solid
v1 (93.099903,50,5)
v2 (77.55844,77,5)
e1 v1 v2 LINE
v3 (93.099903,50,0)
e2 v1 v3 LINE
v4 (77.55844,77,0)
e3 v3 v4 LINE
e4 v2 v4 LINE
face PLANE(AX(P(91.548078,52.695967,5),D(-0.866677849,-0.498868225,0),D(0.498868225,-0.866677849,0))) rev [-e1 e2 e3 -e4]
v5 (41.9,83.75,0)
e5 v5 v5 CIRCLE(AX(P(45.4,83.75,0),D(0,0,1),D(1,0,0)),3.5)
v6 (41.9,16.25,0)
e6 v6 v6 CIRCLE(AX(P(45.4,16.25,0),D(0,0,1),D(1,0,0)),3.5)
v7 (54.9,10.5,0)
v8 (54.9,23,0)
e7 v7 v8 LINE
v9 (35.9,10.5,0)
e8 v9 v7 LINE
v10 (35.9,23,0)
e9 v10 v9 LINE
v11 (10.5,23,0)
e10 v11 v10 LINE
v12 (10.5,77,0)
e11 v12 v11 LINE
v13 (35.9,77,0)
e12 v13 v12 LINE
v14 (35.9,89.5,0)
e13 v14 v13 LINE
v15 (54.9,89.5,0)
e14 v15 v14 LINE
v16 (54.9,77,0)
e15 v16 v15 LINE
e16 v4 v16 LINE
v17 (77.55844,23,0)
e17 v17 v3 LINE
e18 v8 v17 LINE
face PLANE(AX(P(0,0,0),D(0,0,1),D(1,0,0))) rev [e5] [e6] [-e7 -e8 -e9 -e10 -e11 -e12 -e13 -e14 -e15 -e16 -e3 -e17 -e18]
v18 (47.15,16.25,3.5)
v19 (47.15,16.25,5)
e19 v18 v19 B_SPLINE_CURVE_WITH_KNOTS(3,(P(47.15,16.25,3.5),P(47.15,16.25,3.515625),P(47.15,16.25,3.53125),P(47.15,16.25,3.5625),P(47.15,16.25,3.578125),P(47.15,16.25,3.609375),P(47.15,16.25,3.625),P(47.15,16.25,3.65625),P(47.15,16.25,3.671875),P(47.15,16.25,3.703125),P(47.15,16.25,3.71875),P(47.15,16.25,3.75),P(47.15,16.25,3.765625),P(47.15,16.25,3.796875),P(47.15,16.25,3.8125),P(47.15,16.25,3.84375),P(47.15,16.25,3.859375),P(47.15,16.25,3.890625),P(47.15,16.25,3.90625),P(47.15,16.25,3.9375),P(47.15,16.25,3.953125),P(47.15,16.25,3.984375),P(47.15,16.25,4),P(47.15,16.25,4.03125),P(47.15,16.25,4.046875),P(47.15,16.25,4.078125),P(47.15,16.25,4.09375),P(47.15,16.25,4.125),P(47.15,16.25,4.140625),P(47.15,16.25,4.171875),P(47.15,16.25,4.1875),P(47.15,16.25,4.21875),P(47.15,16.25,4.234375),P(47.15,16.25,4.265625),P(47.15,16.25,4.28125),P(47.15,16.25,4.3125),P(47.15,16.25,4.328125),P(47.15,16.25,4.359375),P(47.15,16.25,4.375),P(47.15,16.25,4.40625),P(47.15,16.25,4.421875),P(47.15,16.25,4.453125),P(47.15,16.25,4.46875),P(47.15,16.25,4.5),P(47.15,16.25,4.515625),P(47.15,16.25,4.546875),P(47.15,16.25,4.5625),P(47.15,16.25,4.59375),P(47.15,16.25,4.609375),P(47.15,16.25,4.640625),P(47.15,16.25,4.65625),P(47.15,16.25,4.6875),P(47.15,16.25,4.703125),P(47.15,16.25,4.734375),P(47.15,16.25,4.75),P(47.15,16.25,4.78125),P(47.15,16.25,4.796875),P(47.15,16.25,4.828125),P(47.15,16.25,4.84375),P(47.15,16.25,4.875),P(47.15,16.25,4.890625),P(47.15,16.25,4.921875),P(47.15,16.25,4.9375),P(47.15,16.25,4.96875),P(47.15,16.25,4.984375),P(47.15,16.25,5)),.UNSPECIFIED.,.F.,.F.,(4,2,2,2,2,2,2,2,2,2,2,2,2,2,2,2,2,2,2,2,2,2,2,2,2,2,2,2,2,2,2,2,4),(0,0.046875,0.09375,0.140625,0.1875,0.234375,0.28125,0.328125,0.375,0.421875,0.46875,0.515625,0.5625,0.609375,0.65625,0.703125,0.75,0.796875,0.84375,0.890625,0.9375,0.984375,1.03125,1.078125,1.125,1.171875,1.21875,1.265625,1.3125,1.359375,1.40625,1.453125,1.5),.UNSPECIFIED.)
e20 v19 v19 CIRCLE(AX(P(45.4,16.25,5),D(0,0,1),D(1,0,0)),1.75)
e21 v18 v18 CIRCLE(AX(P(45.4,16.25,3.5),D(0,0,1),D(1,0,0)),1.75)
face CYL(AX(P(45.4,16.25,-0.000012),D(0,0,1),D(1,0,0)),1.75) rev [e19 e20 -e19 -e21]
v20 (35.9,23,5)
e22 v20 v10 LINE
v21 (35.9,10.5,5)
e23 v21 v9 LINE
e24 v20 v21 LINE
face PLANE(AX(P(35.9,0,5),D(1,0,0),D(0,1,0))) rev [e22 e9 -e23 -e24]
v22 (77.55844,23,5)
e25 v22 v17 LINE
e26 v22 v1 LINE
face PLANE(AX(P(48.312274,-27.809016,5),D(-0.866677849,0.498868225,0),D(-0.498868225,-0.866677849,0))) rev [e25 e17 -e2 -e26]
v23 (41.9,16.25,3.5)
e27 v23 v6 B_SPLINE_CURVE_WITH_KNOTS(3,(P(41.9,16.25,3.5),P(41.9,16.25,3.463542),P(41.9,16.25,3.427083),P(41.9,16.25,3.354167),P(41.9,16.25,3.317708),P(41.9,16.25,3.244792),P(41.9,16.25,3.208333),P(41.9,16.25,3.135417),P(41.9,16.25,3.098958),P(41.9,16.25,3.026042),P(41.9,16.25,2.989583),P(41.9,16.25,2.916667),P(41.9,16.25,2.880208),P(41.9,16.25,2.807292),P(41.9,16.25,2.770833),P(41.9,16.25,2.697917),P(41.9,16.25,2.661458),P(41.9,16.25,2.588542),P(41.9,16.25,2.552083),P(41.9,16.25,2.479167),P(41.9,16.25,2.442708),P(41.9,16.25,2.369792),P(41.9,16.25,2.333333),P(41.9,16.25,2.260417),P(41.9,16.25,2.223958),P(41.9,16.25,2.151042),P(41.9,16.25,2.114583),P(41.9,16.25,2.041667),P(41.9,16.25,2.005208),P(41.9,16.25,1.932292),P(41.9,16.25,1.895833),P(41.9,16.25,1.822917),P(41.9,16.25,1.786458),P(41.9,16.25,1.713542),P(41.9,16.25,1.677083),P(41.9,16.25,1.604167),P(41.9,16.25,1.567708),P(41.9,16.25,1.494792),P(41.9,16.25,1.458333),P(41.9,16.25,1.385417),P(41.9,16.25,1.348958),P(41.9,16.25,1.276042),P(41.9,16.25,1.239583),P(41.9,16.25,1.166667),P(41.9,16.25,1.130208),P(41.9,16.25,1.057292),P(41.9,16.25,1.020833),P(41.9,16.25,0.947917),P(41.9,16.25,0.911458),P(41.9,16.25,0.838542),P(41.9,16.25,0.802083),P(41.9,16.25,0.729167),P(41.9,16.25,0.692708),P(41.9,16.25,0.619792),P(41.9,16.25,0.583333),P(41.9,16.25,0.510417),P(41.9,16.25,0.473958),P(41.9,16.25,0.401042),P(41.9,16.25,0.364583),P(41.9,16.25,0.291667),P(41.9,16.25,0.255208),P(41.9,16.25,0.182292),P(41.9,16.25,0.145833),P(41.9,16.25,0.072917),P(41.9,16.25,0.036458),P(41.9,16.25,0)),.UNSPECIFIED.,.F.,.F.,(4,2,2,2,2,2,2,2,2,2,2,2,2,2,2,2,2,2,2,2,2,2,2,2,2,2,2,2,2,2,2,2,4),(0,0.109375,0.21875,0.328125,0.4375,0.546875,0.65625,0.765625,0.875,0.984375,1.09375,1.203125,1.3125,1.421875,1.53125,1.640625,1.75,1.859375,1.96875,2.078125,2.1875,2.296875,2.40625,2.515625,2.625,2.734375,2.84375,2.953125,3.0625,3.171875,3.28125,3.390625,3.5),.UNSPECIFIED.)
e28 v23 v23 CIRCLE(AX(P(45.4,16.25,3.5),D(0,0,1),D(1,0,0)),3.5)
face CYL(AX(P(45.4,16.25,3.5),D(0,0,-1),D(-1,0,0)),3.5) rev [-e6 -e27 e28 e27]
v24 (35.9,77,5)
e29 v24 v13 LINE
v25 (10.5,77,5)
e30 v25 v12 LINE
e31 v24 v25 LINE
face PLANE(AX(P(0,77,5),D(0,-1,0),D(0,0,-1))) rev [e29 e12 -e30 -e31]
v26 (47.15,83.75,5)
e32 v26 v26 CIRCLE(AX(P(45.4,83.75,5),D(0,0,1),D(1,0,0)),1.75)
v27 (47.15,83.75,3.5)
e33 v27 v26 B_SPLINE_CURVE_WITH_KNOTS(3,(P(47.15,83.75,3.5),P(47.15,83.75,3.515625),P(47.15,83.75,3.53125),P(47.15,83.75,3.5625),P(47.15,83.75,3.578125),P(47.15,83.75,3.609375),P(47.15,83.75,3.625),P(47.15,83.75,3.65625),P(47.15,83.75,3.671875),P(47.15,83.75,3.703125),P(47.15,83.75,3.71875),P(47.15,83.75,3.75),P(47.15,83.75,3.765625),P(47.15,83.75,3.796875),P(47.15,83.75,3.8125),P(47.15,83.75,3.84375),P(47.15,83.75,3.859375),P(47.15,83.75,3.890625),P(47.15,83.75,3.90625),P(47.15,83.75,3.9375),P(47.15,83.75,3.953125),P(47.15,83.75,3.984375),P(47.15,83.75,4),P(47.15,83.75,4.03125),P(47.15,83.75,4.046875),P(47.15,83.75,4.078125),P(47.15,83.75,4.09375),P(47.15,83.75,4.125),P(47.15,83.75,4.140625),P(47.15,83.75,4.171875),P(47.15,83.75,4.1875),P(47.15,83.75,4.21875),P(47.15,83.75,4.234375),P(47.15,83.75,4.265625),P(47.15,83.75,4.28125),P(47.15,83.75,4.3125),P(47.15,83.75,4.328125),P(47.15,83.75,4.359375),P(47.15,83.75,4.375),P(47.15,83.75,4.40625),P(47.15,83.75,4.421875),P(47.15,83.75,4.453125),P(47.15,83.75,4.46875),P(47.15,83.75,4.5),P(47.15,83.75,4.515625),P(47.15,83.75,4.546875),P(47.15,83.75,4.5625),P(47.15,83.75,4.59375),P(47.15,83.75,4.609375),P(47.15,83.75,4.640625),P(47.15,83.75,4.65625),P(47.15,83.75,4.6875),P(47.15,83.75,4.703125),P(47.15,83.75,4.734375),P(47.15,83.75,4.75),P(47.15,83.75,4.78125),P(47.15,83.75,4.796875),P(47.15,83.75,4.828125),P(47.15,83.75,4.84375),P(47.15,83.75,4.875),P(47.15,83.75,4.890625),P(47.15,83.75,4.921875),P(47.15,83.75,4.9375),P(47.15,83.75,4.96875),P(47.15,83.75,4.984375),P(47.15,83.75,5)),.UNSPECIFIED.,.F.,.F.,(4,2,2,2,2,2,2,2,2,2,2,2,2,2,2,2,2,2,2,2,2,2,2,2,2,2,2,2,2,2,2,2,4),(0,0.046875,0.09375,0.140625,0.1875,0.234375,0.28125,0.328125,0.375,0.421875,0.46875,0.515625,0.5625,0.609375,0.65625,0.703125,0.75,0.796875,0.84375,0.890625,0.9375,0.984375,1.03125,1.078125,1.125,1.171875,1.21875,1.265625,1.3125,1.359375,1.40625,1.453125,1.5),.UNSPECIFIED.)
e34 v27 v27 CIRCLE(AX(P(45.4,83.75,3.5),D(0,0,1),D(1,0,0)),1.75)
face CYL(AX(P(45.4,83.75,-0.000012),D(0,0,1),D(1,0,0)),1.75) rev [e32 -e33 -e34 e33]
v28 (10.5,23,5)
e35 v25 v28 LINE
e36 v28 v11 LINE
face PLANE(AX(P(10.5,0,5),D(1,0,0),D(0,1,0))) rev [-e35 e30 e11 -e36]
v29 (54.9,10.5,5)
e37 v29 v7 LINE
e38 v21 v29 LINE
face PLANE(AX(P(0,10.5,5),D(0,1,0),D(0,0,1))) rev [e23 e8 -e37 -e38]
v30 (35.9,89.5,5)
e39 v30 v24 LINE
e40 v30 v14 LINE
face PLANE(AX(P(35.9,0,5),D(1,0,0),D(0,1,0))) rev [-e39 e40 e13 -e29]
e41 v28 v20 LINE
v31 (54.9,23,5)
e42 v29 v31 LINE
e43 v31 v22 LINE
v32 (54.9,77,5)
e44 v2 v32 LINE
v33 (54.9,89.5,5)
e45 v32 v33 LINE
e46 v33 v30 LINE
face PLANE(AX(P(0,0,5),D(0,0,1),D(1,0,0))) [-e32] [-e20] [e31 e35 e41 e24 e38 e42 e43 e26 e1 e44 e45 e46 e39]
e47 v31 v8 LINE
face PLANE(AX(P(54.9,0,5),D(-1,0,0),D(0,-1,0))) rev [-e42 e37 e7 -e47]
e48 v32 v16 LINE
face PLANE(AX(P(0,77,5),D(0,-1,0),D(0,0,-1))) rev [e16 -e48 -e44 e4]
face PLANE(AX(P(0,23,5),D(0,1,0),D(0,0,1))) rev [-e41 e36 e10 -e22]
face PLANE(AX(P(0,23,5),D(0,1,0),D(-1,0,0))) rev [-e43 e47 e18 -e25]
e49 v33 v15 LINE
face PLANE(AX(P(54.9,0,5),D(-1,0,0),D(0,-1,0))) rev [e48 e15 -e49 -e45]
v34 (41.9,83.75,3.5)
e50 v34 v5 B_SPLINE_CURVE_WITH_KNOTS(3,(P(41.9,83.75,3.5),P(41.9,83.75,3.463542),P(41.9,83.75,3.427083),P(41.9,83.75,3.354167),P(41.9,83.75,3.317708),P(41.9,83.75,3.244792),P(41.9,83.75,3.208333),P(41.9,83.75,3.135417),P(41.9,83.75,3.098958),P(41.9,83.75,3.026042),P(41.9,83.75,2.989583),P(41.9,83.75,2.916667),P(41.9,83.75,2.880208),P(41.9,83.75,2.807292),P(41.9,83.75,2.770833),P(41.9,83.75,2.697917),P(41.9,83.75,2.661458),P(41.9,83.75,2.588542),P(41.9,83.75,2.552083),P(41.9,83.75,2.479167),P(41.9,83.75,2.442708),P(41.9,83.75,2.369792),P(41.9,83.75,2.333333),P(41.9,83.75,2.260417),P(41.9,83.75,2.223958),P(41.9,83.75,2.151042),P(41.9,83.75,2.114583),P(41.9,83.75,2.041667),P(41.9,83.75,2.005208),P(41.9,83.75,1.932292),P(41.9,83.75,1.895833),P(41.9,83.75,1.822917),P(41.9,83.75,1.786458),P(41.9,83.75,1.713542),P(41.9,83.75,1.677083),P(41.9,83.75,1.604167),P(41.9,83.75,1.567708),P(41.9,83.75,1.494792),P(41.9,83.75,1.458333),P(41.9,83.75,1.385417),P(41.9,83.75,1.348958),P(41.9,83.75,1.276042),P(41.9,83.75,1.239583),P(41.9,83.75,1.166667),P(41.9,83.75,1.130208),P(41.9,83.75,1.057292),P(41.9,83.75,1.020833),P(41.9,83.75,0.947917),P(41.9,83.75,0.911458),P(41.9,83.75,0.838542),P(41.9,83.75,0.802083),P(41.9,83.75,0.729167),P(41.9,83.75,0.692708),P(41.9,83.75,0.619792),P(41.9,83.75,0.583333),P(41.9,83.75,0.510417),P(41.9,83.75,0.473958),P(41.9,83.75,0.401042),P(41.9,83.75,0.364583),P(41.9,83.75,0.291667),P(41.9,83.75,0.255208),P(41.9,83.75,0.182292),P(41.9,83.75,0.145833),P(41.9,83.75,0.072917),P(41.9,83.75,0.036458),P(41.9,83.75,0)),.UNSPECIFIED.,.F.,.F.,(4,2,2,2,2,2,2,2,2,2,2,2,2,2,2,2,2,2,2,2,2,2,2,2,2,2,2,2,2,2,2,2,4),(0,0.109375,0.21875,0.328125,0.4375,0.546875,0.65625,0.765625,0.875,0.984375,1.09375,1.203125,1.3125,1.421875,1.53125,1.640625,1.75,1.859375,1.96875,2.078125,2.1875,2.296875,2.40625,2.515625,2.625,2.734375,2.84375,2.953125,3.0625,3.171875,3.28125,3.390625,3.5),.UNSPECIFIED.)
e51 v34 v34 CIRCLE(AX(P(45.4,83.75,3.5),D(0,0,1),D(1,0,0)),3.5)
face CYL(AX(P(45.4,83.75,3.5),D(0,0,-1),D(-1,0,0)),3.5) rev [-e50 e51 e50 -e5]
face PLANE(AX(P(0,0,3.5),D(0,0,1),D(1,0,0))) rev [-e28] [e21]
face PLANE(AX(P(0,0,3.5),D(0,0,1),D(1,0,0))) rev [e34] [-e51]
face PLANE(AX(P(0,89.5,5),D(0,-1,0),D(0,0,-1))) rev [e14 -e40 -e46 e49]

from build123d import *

# Parameters (mm, degrees)
BOSS_EXTRUDE2_DEPTH     = 5
CUT_EXTRUDE6_DEPTH      = 131.001332273
CUT_EXTRUDE2_DEPTH      = 130.239475323
CUT_EXTRUDE2_DEPTH_BACK = 130.239475323
SKETCH2_R               = 1.75
SKETCH2_3_R             = 3.5
SKETCH2_3_R_2           = 1.75
CUT_EXTRUDE4_DEPTH      = 3.5


with BuildPart() as part:
    # Sketch1 → Boss-Extrude2 (new body)
    with BuildSketch(Plane.XY):
        Polygon((35.4, 77.5), (10, 77.5), (10, 22.5), (35.4, 22.5), (35.4, 10), (55.4, 10), (55.4, 22.5), (77.847550572, 22.5), (93.676818865, 50), (77.847550572, 77.5), (55.4, 77.5), (55.4, 90), (35.4, 90), align=None)
    extrude(amount=BOSS_EXTRUDE2_DEPTH)

    # Sketch6 → Cut-Extrude6 (cut, through all)
    with BuildSketch(Plane.XY):
        Polygon((55.4, 10), (55.4, 22.5), (77.847550572, 22.5), (93.676818865, 50), (77.847550572, 77.5), (55.4, 77.5), (55.4, 90), (35.4, 90), (35.4, 77.5), (10, 77.5), (10, 22.5), (35.4, 22.5), (35.4, 10), align=None)
        Polygon((77.558439817, 23), (54.9, 23), (54.9, 10.5), (35.9, 10.5), (35.9, 23), (10.5, 23), (10.5, 77), (35.9, 77), (35.9, 89.5), (54.9, 89.5), (54.9, 77), (77.558439817, 77), (93.099903232, 50), align=None, mode=Mode.SUBTRACT)
    extrude(amount=CUT_EXTRUDE6_DEPTH, mode=Mode.SUBTRACT)

    # Sketch2 → Cut-Extrude2 (cut, two sides: drawn at the far end of the back side and taken through both)
    with BuildSketch(Plane.XY.offset(-CUT_EXTRUDE2_DEPTH_BACK)):
        with Locations((45.4, 16.25)):
            Circle(SKETCH2_R)
        with Locations((45.4, 83.75)):
            Circle(SKETCH2_R)
    extrude(amount=CUT_EXTRUDE2_DEPTH + CUT_EXTRUDE2_DEPTH_BACK, mode=Mode.SUBTRACT)

    # Sketch2<3> → Cut-Extrude4 (cut)
    # profile 1 of 2: a face of its own
    with BuildSketch(Plane.XY):
        with Locations((45.4, 83.75)):
            Circle(SKETCH2_3_R)
        with Locations((45.4, 83.75)):
            Circle(SKETCH2_3_R_2, mode=Mode.SUBTRACT)
    # profile 2 of 2: a face of its own
    with BuildSketch(Plane.XY):
        with Locations((45.4, 16.25)):
            Circle(SKETCH2_3_R)
        with Locations((45.4, 16.25)):
            Circle(SKETCH2_3_R_2, mode=Mode.SUBTRACT)
    extrude(amount=CUT_EXTRUDE4_DEPTH, mode=Mode.SUBTRACT)


solid = part.part
